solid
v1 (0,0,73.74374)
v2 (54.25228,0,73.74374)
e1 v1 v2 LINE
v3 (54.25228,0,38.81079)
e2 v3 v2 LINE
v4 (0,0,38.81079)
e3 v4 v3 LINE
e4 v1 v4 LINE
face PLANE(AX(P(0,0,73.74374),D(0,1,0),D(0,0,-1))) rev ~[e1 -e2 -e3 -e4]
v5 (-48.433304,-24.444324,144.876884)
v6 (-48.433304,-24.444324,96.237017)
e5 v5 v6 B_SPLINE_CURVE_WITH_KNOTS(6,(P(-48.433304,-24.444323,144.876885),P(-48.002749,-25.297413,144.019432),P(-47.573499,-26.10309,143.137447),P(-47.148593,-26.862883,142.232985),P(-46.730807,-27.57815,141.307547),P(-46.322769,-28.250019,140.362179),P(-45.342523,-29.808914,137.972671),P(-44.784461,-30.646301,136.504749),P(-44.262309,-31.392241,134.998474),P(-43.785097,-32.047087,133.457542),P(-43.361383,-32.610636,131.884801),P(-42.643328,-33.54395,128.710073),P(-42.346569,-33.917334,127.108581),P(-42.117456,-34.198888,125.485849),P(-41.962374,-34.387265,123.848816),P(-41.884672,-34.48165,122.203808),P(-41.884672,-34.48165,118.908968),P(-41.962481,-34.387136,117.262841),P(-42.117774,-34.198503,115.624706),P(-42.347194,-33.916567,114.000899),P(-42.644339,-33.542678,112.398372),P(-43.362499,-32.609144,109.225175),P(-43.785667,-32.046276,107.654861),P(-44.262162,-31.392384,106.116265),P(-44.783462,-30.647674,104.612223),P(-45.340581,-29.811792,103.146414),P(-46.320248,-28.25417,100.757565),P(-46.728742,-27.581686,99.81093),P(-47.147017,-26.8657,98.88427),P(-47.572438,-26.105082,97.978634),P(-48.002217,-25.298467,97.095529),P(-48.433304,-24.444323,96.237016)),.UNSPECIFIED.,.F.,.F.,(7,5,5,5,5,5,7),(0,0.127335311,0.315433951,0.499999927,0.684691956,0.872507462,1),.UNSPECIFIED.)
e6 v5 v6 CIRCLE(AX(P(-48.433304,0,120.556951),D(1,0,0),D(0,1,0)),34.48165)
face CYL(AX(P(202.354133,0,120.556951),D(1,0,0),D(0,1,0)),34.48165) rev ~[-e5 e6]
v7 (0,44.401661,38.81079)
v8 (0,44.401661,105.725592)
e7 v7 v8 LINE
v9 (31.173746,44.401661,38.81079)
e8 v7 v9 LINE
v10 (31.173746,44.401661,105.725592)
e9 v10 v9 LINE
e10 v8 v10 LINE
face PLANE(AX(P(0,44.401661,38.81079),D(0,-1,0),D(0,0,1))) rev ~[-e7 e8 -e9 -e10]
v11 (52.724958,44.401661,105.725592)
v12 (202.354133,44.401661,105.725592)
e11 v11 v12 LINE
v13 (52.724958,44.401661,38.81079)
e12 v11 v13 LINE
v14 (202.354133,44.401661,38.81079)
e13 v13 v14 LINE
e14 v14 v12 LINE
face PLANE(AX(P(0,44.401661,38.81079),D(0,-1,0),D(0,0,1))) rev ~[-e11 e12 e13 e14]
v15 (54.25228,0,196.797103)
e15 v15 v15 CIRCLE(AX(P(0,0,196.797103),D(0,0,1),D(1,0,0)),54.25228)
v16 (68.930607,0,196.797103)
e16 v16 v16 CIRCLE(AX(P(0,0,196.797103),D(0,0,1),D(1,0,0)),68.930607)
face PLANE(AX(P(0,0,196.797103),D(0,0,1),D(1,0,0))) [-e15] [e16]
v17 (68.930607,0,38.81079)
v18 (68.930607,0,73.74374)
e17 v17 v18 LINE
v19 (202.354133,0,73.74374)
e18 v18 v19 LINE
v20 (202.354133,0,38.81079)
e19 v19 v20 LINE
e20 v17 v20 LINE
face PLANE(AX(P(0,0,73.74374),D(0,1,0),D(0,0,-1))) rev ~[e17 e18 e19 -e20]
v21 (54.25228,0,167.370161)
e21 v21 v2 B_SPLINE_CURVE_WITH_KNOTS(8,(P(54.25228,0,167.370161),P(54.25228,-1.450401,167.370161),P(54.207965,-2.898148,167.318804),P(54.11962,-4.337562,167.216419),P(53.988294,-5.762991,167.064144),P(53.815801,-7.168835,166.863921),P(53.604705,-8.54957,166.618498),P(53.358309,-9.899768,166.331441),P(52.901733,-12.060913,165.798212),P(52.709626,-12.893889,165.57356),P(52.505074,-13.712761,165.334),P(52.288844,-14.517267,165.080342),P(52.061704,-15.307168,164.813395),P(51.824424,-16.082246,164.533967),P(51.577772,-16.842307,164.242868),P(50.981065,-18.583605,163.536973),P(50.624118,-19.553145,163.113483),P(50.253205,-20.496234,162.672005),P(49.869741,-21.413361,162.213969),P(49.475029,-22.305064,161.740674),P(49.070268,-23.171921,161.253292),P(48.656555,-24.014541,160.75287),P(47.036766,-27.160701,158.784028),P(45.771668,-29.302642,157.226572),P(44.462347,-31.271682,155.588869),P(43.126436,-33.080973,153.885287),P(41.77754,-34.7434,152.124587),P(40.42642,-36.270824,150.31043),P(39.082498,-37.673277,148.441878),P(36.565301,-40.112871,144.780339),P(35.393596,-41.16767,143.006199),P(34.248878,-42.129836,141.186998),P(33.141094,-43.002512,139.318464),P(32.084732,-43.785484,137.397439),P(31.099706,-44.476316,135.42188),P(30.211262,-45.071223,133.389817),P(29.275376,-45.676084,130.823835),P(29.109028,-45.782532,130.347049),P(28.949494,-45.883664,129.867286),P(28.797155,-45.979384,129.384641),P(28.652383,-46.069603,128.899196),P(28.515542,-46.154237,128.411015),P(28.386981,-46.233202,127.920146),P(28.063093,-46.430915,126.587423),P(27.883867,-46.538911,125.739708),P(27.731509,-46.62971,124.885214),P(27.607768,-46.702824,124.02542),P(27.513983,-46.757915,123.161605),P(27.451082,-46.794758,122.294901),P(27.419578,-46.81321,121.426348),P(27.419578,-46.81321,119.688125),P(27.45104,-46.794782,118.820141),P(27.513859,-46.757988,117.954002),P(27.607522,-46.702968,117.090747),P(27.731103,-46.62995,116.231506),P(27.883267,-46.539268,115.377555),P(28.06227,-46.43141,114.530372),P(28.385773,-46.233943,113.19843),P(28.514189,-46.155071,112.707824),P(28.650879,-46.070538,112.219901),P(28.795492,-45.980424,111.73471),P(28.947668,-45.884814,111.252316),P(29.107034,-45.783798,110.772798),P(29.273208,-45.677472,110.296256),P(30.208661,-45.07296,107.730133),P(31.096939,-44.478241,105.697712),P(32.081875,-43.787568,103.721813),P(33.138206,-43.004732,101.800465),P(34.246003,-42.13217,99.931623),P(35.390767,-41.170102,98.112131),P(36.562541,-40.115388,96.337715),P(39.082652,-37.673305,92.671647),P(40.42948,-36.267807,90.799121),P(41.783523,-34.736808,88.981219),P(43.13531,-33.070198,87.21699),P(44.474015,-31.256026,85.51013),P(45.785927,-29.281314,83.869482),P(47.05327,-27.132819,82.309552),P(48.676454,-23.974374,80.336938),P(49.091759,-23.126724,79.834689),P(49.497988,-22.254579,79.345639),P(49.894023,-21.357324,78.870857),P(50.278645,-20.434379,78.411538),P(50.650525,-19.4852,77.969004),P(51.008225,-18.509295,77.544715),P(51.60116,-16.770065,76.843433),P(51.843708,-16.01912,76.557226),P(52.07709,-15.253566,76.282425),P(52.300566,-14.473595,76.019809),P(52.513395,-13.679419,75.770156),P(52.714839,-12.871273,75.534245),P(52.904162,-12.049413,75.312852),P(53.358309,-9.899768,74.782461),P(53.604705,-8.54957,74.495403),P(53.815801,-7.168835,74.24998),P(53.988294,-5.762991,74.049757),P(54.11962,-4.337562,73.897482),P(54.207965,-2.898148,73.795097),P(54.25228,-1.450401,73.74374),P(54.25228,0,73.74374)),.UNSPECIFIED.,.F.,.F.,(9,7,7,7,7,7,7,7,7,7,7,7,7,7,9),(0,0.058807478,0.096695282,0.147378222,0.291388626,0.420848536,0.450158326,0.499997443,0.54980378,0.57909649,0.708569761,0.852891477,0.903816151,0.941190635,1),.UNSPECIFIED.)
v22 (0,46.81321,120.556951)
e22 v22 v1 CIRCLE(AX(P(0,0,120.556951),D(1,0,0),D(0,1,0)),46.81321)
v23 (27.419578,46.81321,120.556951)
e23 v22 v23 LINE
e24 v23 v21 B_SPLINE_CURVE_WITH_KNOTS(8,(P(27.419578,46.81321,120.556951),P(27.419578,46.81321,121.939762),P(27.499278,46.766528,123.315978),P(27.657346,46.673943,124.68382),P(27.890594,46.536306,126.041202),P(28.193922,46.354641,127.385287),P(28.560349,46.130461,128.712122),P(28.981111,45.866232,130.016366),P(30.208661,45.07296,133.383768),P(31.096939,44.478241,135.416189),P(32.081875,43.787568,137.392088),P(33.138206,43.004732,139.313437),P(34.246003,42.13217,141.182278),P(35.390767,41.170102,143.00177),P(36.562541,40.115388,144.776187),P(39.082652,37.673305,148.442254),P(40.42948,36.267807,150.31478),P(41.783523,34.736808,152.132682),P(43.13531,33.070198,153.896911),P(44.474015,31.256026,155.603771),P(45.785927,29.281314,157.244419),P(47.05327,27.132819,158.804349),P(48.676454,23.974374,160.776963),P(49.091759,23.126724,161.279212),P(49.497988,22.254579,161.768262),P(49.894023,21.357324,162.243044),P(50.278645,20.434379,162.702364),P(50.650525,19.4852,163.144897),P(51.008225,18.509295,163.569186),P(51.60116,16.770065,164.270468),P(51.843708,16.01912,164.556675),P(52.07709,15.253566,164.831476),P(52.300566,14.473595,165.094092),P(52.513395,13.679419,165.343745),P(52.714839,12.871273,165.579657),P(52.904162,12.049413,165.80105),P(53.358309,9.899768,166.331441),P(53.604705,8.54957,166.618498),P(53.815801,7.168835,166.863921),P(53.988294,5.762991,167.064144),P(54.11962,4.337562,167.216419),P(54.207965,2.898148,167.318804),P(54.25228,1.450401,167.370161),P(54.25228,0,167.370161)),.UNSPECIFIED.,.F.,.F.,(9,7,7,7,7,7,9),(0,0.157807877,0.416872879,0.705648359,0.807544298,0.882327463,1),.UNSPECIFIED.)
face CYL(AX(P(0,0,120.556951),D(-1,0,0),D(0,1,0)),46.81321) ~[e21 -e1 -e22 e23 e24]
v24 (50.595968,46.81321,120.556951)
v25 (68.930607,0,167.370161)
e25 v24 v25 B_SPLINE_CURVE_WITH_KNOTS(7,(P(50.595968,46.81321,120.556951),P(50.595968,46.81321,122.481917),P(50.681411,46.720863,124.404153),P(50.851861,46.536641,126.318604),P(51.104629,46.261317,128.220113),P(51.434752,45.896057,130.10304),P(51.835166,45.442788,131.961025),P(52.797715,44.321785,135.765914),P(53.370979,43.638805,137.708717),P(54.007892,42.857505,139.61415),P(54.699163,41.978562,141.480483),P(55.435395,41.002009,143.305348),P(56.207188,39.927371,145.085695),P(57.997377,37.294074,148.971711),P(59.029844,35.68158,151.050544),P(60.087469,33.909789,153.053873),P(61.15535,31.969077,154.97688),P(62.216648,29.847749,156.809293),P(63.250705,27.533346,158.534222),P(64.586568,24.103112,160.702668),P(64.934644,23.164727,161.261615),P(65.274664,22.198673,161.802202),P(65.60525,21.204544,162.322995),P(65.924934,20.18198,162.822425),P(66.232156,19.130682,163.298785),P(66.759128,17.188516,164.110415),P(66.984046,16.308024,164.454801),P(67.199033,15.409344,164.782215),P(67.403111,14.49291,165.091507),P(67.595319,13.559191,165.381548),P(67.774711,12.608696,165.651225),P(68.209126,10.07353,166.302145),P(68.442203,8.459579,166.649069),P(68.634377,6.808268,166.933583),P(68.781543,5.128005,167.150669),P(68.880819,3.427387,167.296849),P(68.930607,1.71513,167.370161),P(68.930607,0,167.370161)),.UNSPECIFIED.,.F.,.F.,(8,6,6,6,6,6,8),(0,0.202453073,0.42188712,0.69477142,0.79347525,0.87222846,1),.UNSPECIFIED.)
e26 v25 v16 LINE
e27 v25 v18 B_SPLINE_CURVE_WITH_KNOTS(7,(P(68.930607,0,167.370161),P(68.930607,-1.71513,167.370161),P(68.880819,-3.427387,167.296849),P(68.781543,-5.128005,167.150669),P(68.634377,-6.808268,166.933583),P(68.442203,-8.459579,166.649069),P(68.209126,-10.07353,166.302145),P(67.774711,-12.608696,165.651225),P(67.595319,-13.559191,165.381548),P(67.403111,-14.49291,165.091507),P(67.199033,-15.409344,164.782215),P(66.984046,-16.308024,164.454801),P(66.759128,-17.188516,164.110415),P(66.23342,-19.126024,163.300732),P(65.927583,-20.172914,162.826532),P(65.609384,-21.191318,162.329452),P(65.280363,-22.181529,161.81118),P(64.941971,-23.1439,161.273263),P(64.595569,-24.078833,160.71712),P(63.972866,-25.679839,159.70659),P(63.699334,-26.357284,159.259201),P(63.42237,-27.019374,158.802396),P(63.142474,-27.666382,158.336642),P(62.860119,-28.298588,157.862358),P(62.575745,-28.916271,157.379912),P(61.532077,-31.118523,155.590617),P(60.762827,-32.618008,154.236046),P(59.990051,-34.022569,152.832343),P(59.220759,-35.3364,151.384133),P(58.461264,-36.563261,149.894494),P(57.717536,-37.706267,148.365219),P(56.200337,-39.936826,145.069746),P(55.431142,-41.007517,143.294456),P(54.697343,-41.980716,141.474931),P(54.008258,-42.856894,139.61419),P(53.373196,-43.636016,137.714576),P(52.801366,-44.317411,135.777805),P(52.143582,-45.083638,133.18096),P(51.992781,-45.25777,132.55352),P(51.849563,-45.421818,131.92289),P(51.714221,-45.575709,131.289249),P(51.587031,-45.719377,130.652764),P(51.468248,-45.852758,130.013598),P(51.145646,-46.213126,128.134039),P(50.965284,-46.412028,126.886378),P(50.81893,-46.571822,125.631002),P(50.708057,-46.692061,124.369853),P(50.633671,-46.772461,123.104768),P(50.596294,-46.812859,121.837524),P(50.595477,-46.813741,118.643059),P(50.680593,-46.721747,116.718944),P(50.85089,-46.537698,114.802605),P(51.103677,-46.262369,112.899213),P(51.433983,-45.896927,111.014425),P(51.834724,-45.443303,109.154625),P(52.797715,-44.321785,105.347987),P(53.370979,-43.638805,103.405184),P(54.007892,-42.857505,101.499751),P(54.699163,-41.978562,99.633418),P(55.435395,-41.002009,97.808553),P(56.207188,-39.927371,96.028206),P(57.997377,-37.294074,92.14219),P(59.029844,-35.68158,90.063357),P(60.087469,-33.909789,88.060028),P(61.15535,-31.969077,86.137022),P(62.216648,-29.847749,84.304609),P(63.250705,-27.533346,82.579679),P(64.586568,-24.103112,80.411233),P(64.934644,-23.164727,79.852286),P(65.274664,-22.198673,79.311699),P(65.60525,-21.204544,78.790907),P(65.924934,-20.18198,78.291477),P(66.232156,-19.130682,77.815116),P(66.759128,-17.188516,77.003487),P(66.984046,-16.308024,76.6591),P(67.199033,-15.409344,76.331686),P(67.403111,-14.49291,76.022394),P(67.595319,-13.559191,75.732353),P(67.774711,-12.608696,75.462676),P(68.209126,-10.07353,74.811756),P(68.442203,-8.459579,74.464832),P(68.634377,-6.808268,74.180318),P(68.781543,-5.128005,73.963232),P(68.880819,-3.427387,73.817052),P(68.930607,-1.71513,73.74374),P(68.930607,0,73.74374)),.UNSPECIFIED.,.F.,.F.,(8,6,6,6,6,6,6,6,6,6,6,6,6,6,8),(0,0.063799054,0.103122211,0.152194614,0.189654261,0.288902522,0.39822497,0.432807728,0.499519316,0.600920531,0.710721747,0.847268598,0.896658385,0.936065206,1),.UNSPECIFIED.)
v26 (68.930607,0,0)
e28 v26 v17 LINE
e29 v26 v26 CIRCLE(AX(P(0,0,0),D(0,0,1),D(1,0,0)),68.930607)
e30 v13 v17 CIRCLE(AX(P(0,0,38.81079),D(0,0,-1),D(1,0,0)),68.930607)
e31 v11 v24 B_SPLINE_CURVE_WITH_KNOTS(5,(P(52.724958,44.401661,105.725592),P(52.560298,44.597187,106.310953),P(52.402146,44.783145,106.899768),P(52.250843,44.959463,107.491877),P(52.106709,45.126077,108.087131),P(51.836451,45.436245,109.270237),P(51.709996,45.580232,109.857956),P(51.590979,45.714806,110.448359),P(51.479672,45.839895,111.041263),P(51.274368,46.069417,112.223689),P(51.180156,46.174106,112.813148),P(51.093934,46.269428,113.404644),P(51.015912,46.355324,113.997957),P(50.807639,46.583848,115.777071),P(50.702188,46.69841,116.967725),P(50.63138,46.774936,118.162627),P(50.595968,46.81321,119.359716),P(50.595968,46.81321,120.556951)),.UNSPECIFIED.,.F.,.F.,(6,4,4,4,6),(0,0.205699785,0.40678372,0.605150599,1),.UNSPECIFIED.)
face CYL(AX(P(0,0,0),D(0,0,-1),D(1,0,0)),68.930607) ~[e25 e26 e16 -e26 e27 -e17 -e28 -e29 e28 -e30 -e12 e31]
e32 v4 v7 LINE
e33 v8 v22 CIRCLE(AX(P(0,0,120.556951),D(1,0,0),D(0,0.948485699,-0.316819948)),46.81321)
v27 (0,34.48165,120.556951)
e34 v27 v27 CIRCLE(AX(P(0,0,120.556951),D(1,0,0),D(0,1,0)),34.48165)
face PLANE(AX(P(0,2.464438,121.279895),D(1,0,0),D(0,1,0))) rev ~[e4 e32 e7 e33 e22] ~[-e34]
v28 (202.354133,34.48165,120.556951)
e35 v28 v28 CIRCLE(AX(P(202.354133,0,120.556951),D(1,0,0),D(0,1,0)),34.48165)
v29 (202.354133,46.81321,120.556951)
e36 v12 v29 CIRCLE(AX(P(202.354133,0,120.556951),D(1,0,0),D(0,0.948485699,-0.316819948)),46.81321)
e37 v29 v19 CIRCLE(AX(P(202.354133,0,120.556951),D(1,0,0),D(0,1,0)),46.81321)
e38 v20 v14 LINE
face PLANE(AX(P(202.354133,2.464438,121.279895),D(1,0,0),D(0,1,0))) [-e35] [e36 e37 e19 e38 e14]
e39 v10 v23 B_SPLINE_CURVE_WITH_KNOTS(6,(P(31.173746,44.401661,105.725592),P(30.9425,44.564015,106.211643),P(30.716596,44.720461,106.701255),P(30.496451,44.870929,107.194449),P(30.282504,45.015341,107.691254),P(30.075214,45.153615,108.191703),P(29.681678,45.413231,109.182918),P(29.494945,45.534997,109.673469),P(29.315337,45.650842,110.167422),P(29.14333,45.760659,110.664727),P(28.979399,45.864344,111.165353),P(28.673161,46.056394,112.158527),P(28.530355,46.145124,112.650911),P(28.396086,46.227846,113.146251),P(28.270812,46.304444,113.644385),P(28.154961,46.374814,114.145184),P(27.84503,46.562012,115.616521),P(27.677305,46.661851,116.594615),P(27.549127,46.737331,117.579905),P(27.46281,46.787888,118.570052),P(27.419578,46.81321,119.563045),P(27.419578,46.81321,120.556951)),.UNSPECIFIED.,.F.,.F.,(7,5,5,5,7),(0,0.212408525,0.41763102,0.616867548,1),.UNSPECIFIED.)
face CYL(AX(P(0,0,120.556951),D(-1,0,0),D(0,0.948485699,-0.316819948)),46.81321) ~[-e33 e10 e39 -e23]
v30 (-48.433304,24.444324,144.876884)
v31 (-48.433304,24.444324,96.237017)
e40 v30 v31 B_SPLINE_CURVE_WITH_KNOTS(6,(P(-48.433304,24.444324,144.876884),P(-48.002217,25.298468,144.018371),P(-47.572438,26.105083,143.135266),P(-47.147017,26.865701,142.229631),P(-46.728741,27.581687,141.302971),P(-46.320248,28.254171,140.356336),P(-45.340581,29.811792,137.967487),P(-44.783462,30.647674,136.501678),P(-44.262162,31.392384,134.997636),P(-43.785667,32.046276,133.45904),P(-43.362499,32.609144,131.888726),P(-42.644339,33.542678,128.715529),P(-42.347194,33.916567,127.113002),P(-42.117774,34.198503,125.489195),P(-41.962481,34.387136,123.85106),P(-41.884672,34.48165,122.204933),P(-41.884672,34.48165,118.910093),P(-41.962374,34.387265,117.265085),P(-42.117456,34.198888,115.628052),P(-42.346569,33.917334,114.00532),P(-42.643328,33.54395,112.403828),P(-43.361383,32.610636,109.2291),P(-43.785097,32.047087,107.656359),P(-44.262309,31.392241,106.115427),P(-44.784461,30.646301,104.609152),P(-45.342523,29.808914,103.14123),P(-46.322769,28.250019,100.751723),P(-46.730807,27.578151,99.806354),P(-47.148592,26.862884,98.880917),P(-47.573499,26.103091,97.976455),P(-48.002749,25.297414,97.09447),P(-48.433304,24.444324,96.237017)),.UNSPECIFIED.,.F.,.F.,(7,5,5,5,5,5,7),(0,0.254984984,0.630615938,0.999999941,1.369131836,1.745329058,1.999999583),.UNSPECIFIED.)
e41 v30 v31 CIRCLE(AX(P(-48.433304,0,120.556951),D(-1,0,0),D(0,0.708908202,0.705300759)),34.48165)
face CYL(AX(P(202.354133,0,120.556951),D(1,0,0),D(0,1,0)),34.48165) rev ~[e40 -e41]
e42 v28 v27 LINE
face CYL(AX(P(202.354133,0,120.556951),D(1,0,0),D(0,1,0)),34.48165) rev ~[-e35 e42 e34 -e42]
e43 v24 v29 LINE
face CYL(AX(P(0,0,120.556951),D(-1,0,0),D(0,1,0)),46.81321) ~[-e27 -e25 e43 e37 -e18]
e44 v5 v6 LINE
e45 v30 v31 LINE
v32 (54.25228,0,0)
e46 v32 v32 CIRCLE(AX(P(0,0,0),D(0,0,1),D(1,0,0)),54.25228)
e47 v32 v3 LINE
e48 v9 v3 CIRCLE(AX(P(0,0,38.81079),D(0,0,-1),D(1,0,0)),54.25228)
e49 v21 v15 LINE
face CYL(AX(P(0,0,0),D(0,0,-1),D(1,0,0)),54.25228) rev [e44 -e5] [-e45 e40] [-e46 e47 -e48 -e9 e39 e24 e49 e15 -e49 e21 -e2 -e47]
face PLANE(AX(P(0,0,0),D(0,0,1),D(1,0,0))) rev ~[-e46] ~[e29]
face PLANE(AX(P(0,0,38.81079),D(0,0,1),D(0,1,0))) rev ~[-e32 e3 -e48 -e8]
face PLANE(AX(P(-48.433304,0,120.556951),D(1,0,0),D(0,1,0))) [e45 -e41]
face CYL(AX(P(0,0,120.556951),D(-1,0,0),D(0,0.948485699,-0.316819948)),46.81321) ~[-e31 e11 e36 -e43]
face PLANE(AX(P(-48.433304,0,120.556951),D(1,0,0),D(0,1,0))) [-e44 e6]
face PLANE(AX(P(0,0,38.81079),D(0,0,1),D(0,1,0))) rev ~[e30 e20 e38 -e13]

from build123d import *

# Parameters (mm, degrees)
F0_R     = 68.9306074925
F0_R_2   = 54.2522801739
F1_DEPTH = 196.7971026897
F3_DEPTH = 202.3541331291
F4_R     = 34.4816495033
F5_DEPTH = 250.7874369621


with BuildPart() as f1:
    # F0 (on Top) → F1 (new body)
    with BuildSketch(Plane.XY):
        Circle(F0_R)
        Circle(F0_R_2, mode=Mode.SUBTRACT)
    extrude(amount=F1_DEPTH)

    # F2 (on Right) → F3 (join)
    with BuildSketch(Plane.YZ):
        with BuildLine():
            Line((0, 73.7437401834), (0, 120.5569505692))
            Line((0, 120.5569505692), (44.4016605616, 120.5569505692))
            Line((44.4016605616, 120.5569505692), (44.4016605616, 105.725591697))
            ThreePointArc((44.4016605616, 105.725591697), (46.2063899475, 113.043882312), (46.8132103857, 120.5569505692))
            ThreePointArc((46.8132103857, 120.5569505692), (-33.1019385129, 153.658889082), (0, 73.7437401834))
        make_face()
        with BuildLine():
            Line((44.4016605616, 120.5569505692), (0, 120.5569505692))
            Line((0, 120.5569505692), (0, 73.7437401834))
            ThreePointArc((0, 73.7437401834), (27.3603101539, 82.5715573909), (44.4016605616, 105.725591697))
            Line((44.4016605616, 105.725591697), (44.4016605616, 120.5569505692))
        make_face()
        with BuildLine():
            ThreePointArc((44.4016605616, 105.725591697), (27.3603101539, 82.5715573909), (0, 73.7437401834))
            Line((0, 73.7437401834), (0, 38.8107895851))
            Line((0, 38.8107895851), (44.4016605616, 38.8107895851))
            Line((44.4016605616, 38.8107895851), (44.4016605616, 105.725591697))
        make_face()
    extrude(amount=F3_DEPTH)

    # F4 (on face) → F5 (cut)
    with BuildSketch(Plane.YZ.offset(202.3541331291)):
        with Locations((0, 120.5569505692)):
            Circle(F4_R)
    extrude(amount=-F5_DEPTH, mode=Mode.SUBTRACT)


solid = f1.part
